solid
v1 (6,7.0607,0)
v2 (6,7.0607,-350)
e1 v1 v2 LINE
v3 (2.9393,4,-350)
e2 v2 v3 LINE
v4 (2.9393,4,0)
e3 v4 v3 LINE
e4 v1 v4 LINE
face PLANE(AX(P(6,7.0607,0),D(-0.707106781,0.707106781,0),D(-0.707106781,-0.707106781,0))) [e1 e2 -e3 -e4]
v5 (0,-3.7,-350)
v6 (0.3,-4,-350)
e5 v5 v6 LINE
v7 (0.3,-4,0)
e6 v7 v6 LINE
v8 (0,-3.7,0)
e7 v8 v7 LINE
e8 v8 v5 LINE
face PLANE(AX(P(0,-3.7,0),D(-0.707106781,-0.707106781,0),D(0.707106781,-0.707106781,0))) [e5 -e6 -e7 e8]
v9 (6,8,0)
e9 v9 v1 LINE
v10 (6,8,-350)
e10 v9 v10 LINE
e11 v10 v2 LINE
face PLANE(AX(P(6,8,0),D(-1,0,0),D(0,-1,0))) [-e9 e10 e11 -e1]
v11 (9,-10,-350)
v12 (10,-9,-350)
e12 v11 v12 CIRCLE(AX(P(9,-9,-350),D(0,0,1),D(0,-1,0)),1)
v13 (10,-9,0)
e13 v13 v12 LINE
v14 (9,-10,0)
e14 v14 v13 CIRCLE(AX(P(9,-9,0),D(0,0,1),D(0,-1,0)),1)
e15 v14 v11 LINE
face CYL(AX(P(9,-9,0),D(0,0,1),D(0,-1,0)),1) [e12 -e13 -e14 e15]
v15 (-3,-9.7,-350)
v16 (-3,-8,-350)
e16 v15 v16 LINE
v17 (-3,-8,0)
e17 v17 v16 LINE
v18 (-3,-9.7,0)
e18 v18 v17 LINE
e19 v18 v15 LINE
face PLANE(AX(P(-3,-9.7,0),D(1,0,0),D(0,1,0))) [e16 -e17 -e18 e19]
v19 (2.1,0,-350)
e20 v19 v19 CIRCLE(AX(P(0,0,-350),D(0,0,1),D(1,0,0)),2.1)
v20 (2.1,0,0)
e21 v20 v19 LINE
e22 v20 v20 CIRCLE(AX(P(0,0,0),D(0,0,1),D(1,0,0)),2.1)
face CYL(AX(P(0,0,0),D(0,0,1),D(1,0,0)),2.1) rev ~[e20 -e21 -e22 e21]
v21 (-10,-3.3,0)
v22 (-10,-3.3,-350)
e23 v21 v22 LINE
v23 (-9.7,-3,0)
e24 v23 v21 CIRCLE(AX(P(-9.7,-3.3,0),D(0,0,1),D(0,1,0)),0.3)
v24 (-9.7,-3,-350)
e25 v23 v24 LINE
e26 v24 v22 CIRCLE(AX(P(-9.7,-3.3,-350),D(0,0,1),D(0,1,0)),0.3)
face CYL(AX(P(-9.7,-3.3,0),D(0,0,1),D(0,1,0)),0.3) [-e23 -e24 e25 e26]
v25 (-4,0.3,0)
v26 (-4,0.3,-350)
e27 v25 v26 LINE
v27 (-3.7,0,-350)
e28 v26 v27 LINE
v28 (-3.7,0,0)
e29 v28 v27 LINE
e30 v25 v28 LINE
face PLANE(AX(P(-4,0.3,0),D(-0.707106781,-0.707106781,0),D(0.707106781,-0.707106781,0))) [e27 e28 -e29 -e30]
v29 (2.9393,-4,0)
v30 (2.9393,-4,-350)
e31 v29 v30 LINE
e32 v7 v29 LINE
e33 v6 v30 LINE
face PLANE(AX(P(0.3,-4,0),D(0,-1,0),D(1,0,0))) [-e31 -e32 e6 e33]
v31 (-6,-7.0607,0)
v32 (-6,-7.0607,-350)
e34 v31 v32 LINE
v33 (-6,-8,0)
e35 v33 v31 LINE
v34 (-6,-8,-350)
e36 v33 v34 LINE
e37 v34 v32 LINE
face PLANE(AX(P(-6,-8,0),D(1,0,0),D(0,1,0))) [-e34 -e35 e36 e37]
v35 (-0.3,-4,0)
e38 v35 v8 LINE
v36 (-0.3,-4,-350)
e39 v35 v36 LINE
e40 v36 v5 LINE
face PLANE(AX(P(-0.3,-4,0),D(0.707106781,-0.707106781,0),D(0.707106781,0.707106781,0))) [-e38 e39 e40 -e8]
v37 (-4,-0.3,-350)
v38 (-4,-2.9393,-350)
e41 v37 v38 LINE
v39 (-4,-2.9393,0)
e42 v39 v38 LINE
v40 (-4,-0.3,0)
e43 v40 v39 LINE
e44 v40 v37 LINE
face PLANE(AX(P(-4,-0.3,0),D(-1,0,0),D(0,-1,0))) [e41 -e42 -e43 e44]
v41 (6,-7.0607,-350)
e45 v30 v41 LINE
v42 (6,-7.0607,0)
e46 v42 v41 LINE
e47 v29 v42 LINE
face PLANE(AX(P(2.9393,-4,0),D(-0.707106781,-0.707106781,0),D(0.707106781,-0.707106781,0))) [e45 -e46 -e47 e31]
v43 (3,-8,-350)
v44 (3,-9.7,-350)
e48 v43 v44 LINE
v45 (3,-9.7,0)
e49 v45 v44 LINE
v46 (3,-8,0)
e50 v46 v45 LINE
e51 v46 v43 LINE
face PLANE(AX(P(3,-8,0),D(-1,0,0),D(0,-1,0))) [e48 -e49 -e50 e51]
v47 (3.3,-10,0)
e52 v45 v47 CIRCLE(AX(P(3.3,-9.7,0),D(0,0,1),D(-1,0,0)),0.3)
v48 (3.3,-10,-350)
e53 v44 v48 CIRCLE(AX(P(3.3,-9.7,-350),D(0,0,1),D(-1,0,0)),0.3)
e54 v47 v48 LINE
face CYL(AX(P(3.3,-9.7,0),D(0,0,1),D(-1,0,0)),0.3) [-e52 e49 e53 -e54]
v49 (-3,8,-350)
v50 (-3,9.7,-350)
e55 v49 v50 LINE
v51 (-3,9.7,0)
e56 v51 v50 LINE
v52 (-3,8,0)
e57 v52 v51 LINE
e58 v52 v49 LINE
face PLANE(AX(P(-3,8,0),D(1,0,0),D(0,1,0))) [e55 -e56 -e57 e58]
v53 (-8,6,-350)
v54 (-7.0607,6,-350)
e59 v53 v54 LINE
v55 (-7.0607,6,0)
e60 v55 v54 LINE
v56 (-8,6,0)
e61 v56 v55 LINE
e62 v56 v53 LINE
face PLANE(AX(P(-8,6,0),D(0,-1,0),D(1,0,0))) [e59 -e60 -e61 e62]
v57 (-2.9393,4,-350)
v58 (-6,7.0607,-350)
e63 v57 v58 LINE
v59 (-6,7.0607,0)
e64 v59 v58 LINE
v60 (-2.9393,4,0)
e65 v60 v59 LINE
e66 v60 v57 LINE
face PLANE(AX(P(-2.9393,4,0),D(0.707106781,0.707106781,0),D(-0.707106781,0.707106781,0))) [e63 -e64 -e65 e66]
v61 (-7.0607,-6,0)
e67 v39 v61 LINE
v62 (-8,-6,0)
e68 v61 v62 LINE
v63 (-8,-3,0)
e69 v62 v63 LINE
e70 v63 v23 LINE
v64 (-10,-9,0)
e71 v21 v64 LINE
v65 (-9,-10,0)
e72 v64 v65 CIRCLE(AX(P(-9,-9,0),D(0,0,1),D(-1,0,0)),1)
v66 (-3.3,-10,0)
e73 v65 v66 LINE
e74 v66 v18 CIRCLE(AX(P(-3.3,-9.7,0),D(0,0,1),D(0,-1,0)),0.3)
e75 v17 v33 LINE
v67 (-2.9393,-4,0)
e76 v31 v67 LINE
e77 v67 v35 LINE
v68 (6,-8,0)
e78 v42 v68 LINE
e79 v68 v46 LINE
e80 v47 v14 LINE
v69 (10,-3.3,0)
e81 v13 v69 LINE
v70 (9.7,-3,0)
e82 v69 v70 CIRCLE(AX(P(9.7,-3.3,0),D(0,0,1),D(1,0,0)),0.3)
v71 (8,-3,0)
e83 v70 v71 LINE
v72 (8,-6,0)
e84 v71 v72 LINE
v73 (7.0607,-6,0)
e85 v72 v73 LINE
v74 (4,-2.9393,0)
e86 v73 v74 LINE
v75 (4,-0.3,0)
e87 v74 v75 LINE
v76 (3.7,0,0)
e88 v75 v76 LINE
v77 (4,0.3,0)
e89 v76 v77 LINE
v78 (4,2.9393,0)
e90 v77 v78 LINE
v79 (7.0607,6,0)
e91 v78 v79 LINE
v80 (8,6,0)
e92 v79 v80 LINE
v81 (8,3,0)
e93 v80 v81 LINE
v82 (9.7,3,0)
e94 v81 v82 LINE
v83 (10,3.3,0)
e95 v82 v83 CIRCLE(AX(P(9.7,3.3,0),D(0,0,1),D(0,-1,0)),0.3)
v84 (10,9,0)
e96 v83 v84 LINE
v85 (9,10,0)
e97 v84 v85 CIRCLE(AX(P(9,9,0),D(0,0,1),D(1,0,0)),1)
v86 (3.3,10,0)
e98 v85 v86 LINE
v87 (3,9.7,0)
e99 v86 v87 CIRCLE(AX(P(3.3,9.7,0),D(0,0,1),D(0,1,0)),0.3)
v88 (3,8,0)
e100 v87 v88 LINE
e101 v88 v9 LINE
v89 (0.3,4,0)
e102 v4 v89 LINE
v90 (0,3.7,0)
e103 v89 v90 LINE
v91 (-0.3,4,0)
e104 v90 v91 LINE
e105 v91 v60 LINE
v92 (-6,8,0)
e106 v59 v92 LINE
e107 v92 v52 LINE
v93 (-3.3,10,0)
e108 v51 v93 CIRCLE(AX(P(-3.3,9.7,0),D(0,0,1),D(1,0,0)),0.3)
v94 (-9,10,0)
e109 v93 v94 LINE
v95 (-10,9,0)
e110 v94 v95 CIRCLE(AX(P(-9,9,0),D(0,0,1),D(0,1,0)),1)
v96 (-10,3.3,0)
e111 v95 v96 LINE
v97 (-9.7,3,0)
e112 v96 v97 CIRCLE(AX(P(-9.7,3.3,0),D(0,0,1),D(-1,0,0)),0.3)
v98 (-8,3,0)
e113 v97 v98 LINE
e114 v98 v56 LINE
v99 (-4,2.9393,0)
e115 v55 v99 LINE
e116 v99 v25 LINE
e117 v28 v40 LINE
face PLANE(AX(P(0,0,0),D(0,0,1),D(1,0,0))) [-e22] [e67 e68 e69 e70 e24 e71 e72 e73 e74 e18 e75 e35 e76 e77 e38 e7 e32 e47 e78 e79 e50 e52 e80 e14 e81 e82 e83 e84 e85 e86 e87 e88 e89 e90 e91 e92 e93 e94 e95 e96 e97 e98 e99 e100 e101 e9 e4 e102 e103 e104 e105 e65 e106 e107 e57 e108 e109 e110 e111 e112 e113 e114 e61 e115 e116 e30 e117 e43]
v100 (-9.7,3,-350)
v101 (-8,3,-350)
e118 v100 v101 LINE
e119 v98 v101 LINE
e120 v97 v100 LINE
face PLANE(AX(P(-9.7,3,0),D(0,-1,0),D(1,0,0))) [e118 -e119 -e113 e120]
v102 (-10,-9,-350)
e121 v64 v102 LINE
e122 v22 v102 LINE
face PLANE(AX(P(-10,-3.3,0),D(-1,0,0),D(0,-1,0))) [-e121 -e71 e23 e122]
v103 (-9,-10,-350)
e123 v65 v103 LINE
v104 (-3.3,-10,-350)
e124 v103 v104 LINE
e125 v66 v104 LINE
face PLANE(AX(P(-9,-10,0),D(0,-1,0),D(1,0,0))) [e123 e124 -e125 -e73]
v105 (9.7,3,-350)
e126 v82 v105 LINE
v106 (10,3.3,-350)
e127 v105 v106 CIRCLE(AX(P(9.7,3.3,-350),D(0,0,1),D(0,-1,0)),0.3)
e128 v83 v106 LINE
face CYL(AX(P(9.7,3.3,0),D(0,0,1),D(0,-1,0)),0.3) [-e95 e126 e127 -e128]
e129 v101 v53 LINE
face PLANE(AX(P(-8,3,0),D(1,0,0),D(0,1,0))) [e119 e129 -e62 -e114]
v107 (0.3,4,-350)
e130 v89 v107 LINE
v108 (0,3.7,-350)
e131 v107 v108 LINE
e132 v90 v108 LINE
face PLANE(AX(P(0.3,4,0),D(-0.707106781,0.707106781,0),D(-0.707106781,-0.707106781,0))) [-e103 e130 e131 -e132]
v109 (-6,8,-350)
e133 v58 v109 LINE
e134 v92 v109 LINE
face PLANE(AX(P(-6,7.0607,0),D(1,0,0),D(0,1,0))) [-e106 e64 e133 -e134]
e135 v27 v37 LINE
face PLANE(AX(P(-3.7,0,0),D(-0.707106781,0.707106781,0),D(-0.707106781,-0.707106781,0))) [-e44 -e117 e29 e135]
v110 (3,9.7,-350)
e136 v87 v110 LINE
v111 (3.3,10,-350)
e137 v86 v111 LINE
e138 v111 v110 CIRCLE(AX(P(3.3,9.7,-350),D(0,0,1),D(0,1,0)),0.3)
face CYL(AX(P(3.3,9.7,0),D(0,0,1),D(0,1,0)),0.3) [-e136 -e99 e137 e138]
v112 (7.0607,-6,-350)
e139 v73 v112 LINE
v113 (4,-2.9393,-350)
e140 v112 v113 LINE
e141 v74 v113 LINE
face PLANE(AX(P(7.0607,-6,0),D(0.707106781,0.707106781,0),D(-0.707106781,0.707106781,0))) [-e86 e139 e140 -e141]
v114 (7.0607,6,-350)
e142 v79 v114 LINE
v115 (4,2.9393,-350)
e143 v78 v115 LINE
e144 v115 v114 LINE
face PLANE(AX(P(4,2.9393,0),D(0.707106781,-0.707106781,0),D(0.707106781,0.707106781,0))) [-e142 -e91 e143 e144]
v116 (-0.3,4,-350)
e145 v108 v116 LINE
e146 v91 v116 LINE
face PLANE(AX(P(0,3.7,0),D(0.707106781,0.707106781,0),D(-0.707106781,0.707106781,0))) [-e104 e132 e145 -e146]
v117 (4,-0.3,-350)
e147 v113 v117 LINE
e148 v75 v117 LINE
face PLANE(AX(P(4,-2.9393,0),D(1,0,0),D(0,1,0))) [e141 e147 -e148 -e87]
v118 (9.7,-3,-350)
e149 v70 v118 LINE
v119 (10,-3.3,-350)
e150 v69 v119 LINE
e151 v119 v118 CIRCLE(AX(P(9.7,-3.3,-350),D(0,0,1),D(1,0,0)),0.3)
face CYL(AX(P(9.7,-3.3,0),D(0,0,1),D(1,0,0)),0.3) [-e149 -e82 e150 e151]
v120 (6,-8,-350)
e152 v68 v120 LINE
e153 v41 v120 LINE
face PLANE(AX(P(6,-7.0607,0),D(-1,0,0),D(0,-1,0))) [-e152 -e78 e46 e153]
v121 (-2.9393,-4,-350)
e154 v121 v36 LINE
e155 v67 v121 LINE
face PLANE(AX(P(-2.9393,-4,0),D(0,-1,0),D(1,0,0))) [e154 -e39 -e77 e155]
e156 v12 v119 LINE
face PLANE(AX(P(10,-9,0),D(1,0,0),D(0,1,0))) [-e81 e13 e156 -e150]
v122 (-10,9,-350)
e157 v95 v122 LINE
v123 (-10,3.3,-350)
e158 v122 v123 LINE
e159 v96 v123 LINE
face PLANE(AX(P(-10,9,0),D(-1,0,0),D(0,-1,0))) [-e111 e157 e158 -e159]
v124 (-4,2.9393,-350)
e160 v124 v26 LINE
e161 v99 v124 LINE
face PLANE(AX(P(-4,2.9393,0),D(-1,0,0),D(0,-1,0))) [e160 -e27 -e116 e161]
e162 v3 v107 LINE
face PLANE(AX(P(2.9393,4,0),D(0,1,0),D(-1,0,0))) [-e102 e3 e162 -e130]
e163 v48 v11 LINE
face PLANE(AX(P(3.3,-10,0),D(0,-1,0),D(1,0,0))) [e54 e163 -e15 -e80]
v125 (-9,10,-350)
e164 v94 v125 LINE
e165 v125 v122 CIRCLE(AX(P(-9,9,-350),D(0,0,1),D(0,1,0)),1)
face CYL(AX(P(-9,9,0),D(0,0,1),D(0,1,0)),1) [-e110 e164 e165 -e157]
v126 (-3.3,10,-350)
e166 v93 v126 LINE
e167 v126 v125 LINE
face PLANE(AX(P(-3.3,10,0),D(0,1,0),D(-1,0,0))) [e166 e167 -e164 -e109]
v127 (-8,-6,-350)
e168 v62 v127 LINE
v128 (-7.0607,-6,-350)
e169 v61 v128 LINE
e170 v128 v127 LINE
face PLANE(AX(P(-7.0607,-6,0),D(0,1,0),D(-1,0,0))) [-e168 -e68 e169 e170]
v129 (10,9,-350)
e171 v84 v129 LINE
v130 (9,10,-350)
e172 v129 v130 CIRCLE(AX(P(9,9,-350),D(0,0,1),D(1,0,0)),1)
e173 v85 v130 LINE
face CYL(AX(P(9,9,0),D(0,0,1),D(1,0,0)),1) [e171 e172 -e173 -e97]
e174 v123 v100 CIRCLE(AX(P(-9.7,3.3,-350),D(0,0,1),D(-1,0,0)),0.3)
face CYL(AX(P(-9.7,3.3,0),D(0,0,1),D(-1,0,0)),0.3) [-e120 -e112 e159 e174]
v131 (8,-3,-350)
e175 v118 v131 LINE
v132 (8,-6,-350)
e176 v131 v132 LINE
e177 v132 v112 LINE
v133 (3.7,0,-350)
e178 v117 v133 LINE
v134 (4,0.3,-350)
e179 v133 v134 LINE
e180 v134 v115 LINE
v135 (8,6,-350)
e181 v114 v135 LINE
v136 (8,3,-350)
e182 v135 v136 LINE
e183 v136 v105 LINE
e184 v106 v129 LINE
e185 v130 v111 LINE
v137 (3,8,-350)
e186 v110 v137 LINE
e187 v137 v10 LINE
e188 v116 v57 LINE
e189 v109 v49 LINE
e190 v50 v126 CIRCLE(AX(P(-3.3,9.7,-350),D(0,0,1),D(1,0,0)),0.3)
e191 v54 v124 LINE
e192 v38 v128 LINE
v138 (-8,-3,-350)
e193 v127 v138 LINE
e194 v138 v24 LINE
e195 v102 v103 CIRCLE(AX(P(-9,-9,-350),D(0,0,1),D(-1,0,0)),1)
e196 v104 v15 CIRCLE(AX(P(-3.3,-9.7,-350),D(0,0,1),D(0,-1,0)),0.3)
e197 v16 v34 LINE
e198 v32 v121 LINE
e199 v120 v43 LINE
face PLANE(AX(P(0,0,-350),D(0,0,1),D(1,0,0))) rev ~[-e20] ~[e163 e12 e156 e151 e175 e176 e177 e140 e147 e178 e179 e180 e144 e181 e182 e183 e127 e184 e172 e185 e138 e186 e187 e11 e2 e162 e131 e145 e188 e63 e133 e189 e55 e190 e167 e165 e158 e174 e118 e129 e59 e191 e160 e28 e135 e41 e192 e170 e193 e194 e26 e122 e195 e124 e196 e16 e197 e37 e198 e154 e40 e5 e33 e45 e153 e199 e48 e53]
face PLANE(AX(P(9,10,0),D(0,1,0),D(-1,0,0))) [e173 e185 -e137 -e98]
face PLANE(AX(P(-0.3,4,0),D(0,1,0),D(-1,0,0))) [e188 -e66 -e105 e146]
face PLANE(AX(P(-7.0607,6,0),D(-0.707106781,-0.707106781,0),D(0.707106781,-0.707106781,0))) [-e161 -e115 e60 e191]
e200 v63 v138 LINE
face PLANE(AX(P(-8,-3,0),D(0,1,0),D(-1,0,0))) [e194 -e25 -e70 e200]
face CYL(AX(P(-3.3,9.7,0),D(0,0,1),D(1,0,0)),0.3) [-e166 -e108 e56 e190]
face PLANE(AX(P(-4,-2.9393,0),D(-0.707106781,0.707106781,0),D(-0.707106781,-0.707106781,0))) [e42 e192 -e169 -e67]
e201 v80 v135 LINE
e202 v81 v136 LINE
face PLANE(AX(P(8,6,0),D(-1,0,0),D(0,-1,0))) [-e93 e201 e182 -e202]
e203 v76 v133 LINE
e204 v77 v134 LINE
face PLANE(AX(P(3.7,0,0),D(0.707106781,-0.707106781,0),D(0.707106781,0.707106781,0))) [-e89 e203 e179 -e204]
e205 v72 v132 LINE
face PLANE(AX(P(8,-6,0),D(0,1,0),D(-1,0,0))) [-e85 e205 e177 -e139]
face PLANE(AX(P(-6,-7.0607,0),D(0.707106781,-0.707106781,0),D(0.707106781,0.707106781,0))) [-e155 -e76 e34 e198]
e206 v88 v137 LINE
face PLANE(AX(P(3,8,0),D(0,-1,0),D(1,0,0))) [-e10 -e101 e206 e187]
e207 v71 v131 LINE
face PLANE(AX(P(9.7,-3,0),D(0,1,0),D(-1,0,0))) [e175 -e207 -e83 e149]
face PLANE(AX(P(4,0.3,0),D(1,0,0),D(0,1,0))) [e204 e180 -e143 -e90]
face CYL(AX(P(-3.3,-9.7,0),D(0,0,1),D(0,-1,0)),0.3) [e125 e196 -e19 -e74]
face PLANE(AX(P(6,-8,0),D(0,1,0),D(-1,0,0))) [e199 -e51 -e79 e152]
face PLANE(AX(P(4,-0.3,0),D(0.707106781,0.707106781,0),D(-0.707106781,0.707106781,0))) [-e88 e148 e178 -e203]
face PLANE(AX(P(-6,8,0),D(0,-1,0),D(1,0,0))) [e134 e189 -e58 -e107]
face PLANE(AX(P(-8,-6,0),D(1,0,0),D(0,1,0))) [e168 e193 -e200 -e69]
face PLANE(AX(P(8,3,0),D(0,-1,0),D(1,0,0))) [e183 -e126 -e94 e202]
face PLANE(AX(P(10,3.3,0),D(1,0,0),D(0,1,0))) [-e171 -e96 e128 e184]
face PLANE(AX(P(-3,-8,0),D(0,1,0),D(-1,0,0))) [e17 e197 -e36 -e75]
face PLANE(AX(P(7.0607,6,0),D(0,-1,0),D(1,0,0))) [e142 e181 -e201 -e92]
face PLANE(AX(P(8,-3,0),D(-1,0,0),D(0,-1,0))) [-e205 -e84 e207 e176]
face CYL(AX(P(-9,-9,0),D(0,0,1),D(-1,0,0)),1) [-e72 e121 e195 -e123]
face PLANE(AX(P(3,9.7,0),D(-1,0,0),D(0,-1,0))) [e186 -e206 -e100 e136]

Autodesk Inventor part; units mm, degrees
ref_plane "YZ Plane" through (0, 0, 0) normal (1, 0, 0) x (0, 1, 0)
ref_plane "XZ Plane" through (0, 0, 0) normal (0, 1, 0) x (-1, 0, 0)
ref_plane "XY Plane" through (0, 0, 0) normal (0, 0, 1) x (1, 0, 0)
sketch "Sketch_5" plane through (0, 0, 0) normal (0, 0, 1) x (1, 0, 0)
  line L0 (-10, 9) -> (-10, 3.3)
  arc A0 (-10, 3.3) -> (-9.7, 3) centre (-9.7, 3.3) ccw
  line L1 (-9.7, 3) -> (-8, 3)
  line L2 (-8, 3) -> (-8, 6)
  line L3 (-8, 6) -> (-7.0607, 6)
  line L4 (-7.0607, 6) -> (-4, 2.9393)
  line L5 (-4, 2.9393) -> (-4, 0.3)
  line L6 (-4, 0.3) -> (-3.7, 0)
  line L7 (-3.7, 0) -> (-4, -0.3)
  line L8 (-4, -0.3) -> (-4, -2.9393)
  line L9 (-4, -2.9393) -> (-7.0607, -6)
  line L10 (-7.0607, -6) -> (-8, -6)
  line L11 (-8, -6) -> (-8, -3)
  line L12 (-8, -3) -> (-9.7, -3)
  arc A1 (-9.7, -3) -> (-10, -3.3) centre (-9.7, -3.3) ccw
  line L13 (-10, -3.3) -> (-10, -9)
  arc A2 (-10, -9) -> (-9, -10) centre (-9, -9) ccw
  line L14 (-9, -10) -> (-3.3, -10)
  arc A3 (-3.3, -10) -> (-3, -9.7) centre (-3.3, -9.7) ccw
  line L15 (-3, -9.7) -> (-3, -8)
  line L16 (-3, -8) -> (-6, -8)
  line L17 (-6, -8) -> (-6, -7.0607)
  line L18 (-6, -7.0607) -> (-2.9393, -4)
  line L19 (-2.9393, -4) -> (-0.3, -4)
  line L20 (-0.3, -4) -> (0, -3.7)
  line L21 (0, -3.7) -> (0.3, -4)
  line L22 (0.3, -4) -> (2.9393, -4)
  line L23 (2.9393, -4) -> (6, -7.0607)
  line L24 (6, -7.0607) -> (6, -8)
  line L25 (6, -8) -> (3, -8)
  line L26 (3, -8) -> (3, -9.7)
  arc A4 (3, -9.7) -> (3.3, -10) centre (3.3, -9.7) ccw
  line L27 (3.3, -10) -> (9, -10)
  arc A5 (9, -10) -> (10, -9) centre (9, -9) ccw
  line L28 (10, -9) -> (10, -3.3)
  arc A6 (10, -3.3) -> (9.7, -3) centre (9.7, -3.3) ccw
  line L29 (9.7, -3) -> (8, -3)
  line L30 (8, -3) -> (8, -6)
  line L31 (8, -6) -> (7.0607, -6)
  line L32 (7.0607, -6) -> (4, -2.9393)
  line L33 (4, -2.9393) -> (4, -0.3)
  line L34 (4, -0.3) -> (3.7, 0)
  line L35 (3.7, 0) -> (4, 0.3)
  line L36 (4, 0.3) -> (4, 2.9393)
  line L37 (4, 2.9393) -> (7.0607, 6)
  line L38 (7.0607, 6) -> (8, 6)
  line L39 (8, 6) -> (8, 3)
  line L40 (8, 3) -> (9.7, 3)
  arc A7 (9.7, 3) -> (10, 3.3) centre (9.7, 3.3) ccw
  line L41 (10, 3.3) -> (10, 9)
  arc A8 (10, 9) -> (9, 10) centre (9, 9) ccw
  line L42 (9, 10) -> (3.3, 10)
  arc A9 (3.3, 10) -> (3, 9.7) centre (3.3, 9.7) ccw
  line L43 (3, 9.7) -> (3, 8)
  line L44 (3, 8) -> (6, 8)
  line L45 (6, 8) -> (6, 7.0607)
  line L46 (6, 7.0607) -> (2.9393, 4)
  line L47 (2.9393, 4) -> (0.3, 4)
  line L48 (0.3, 4) -> (0, 3.7)
  line L49 (0, 3.7) -> (-0.3, 4)
  line L50 (-0.3, 4) -> (-2.9393, 4)
  line L51 (-2.9393, 4) -> (-6, 7.0607)
  line L52 (-6, 7.0607) -> (-6, 8)
  line L53 (-6, 8) -> (-3, 8)
  line L54 (-3, 8) -> (-3, 9.7)
  arc A10 (-3, 9.7) -> (-3.3, 10) centre (-3.3, 9.7) ccw
  line L55 (-3.3, 10) -> (-9, 10)
  arc A11 (-9, 10) -> (-10, 9) centre (-9, 9) ccw
  circle A12 centre (0, 0) radius 2.1
extrude "Extrusion1" add sketch "Sketch_5" against normal blind 350
properties part number "KHFS5-2020-4000"
